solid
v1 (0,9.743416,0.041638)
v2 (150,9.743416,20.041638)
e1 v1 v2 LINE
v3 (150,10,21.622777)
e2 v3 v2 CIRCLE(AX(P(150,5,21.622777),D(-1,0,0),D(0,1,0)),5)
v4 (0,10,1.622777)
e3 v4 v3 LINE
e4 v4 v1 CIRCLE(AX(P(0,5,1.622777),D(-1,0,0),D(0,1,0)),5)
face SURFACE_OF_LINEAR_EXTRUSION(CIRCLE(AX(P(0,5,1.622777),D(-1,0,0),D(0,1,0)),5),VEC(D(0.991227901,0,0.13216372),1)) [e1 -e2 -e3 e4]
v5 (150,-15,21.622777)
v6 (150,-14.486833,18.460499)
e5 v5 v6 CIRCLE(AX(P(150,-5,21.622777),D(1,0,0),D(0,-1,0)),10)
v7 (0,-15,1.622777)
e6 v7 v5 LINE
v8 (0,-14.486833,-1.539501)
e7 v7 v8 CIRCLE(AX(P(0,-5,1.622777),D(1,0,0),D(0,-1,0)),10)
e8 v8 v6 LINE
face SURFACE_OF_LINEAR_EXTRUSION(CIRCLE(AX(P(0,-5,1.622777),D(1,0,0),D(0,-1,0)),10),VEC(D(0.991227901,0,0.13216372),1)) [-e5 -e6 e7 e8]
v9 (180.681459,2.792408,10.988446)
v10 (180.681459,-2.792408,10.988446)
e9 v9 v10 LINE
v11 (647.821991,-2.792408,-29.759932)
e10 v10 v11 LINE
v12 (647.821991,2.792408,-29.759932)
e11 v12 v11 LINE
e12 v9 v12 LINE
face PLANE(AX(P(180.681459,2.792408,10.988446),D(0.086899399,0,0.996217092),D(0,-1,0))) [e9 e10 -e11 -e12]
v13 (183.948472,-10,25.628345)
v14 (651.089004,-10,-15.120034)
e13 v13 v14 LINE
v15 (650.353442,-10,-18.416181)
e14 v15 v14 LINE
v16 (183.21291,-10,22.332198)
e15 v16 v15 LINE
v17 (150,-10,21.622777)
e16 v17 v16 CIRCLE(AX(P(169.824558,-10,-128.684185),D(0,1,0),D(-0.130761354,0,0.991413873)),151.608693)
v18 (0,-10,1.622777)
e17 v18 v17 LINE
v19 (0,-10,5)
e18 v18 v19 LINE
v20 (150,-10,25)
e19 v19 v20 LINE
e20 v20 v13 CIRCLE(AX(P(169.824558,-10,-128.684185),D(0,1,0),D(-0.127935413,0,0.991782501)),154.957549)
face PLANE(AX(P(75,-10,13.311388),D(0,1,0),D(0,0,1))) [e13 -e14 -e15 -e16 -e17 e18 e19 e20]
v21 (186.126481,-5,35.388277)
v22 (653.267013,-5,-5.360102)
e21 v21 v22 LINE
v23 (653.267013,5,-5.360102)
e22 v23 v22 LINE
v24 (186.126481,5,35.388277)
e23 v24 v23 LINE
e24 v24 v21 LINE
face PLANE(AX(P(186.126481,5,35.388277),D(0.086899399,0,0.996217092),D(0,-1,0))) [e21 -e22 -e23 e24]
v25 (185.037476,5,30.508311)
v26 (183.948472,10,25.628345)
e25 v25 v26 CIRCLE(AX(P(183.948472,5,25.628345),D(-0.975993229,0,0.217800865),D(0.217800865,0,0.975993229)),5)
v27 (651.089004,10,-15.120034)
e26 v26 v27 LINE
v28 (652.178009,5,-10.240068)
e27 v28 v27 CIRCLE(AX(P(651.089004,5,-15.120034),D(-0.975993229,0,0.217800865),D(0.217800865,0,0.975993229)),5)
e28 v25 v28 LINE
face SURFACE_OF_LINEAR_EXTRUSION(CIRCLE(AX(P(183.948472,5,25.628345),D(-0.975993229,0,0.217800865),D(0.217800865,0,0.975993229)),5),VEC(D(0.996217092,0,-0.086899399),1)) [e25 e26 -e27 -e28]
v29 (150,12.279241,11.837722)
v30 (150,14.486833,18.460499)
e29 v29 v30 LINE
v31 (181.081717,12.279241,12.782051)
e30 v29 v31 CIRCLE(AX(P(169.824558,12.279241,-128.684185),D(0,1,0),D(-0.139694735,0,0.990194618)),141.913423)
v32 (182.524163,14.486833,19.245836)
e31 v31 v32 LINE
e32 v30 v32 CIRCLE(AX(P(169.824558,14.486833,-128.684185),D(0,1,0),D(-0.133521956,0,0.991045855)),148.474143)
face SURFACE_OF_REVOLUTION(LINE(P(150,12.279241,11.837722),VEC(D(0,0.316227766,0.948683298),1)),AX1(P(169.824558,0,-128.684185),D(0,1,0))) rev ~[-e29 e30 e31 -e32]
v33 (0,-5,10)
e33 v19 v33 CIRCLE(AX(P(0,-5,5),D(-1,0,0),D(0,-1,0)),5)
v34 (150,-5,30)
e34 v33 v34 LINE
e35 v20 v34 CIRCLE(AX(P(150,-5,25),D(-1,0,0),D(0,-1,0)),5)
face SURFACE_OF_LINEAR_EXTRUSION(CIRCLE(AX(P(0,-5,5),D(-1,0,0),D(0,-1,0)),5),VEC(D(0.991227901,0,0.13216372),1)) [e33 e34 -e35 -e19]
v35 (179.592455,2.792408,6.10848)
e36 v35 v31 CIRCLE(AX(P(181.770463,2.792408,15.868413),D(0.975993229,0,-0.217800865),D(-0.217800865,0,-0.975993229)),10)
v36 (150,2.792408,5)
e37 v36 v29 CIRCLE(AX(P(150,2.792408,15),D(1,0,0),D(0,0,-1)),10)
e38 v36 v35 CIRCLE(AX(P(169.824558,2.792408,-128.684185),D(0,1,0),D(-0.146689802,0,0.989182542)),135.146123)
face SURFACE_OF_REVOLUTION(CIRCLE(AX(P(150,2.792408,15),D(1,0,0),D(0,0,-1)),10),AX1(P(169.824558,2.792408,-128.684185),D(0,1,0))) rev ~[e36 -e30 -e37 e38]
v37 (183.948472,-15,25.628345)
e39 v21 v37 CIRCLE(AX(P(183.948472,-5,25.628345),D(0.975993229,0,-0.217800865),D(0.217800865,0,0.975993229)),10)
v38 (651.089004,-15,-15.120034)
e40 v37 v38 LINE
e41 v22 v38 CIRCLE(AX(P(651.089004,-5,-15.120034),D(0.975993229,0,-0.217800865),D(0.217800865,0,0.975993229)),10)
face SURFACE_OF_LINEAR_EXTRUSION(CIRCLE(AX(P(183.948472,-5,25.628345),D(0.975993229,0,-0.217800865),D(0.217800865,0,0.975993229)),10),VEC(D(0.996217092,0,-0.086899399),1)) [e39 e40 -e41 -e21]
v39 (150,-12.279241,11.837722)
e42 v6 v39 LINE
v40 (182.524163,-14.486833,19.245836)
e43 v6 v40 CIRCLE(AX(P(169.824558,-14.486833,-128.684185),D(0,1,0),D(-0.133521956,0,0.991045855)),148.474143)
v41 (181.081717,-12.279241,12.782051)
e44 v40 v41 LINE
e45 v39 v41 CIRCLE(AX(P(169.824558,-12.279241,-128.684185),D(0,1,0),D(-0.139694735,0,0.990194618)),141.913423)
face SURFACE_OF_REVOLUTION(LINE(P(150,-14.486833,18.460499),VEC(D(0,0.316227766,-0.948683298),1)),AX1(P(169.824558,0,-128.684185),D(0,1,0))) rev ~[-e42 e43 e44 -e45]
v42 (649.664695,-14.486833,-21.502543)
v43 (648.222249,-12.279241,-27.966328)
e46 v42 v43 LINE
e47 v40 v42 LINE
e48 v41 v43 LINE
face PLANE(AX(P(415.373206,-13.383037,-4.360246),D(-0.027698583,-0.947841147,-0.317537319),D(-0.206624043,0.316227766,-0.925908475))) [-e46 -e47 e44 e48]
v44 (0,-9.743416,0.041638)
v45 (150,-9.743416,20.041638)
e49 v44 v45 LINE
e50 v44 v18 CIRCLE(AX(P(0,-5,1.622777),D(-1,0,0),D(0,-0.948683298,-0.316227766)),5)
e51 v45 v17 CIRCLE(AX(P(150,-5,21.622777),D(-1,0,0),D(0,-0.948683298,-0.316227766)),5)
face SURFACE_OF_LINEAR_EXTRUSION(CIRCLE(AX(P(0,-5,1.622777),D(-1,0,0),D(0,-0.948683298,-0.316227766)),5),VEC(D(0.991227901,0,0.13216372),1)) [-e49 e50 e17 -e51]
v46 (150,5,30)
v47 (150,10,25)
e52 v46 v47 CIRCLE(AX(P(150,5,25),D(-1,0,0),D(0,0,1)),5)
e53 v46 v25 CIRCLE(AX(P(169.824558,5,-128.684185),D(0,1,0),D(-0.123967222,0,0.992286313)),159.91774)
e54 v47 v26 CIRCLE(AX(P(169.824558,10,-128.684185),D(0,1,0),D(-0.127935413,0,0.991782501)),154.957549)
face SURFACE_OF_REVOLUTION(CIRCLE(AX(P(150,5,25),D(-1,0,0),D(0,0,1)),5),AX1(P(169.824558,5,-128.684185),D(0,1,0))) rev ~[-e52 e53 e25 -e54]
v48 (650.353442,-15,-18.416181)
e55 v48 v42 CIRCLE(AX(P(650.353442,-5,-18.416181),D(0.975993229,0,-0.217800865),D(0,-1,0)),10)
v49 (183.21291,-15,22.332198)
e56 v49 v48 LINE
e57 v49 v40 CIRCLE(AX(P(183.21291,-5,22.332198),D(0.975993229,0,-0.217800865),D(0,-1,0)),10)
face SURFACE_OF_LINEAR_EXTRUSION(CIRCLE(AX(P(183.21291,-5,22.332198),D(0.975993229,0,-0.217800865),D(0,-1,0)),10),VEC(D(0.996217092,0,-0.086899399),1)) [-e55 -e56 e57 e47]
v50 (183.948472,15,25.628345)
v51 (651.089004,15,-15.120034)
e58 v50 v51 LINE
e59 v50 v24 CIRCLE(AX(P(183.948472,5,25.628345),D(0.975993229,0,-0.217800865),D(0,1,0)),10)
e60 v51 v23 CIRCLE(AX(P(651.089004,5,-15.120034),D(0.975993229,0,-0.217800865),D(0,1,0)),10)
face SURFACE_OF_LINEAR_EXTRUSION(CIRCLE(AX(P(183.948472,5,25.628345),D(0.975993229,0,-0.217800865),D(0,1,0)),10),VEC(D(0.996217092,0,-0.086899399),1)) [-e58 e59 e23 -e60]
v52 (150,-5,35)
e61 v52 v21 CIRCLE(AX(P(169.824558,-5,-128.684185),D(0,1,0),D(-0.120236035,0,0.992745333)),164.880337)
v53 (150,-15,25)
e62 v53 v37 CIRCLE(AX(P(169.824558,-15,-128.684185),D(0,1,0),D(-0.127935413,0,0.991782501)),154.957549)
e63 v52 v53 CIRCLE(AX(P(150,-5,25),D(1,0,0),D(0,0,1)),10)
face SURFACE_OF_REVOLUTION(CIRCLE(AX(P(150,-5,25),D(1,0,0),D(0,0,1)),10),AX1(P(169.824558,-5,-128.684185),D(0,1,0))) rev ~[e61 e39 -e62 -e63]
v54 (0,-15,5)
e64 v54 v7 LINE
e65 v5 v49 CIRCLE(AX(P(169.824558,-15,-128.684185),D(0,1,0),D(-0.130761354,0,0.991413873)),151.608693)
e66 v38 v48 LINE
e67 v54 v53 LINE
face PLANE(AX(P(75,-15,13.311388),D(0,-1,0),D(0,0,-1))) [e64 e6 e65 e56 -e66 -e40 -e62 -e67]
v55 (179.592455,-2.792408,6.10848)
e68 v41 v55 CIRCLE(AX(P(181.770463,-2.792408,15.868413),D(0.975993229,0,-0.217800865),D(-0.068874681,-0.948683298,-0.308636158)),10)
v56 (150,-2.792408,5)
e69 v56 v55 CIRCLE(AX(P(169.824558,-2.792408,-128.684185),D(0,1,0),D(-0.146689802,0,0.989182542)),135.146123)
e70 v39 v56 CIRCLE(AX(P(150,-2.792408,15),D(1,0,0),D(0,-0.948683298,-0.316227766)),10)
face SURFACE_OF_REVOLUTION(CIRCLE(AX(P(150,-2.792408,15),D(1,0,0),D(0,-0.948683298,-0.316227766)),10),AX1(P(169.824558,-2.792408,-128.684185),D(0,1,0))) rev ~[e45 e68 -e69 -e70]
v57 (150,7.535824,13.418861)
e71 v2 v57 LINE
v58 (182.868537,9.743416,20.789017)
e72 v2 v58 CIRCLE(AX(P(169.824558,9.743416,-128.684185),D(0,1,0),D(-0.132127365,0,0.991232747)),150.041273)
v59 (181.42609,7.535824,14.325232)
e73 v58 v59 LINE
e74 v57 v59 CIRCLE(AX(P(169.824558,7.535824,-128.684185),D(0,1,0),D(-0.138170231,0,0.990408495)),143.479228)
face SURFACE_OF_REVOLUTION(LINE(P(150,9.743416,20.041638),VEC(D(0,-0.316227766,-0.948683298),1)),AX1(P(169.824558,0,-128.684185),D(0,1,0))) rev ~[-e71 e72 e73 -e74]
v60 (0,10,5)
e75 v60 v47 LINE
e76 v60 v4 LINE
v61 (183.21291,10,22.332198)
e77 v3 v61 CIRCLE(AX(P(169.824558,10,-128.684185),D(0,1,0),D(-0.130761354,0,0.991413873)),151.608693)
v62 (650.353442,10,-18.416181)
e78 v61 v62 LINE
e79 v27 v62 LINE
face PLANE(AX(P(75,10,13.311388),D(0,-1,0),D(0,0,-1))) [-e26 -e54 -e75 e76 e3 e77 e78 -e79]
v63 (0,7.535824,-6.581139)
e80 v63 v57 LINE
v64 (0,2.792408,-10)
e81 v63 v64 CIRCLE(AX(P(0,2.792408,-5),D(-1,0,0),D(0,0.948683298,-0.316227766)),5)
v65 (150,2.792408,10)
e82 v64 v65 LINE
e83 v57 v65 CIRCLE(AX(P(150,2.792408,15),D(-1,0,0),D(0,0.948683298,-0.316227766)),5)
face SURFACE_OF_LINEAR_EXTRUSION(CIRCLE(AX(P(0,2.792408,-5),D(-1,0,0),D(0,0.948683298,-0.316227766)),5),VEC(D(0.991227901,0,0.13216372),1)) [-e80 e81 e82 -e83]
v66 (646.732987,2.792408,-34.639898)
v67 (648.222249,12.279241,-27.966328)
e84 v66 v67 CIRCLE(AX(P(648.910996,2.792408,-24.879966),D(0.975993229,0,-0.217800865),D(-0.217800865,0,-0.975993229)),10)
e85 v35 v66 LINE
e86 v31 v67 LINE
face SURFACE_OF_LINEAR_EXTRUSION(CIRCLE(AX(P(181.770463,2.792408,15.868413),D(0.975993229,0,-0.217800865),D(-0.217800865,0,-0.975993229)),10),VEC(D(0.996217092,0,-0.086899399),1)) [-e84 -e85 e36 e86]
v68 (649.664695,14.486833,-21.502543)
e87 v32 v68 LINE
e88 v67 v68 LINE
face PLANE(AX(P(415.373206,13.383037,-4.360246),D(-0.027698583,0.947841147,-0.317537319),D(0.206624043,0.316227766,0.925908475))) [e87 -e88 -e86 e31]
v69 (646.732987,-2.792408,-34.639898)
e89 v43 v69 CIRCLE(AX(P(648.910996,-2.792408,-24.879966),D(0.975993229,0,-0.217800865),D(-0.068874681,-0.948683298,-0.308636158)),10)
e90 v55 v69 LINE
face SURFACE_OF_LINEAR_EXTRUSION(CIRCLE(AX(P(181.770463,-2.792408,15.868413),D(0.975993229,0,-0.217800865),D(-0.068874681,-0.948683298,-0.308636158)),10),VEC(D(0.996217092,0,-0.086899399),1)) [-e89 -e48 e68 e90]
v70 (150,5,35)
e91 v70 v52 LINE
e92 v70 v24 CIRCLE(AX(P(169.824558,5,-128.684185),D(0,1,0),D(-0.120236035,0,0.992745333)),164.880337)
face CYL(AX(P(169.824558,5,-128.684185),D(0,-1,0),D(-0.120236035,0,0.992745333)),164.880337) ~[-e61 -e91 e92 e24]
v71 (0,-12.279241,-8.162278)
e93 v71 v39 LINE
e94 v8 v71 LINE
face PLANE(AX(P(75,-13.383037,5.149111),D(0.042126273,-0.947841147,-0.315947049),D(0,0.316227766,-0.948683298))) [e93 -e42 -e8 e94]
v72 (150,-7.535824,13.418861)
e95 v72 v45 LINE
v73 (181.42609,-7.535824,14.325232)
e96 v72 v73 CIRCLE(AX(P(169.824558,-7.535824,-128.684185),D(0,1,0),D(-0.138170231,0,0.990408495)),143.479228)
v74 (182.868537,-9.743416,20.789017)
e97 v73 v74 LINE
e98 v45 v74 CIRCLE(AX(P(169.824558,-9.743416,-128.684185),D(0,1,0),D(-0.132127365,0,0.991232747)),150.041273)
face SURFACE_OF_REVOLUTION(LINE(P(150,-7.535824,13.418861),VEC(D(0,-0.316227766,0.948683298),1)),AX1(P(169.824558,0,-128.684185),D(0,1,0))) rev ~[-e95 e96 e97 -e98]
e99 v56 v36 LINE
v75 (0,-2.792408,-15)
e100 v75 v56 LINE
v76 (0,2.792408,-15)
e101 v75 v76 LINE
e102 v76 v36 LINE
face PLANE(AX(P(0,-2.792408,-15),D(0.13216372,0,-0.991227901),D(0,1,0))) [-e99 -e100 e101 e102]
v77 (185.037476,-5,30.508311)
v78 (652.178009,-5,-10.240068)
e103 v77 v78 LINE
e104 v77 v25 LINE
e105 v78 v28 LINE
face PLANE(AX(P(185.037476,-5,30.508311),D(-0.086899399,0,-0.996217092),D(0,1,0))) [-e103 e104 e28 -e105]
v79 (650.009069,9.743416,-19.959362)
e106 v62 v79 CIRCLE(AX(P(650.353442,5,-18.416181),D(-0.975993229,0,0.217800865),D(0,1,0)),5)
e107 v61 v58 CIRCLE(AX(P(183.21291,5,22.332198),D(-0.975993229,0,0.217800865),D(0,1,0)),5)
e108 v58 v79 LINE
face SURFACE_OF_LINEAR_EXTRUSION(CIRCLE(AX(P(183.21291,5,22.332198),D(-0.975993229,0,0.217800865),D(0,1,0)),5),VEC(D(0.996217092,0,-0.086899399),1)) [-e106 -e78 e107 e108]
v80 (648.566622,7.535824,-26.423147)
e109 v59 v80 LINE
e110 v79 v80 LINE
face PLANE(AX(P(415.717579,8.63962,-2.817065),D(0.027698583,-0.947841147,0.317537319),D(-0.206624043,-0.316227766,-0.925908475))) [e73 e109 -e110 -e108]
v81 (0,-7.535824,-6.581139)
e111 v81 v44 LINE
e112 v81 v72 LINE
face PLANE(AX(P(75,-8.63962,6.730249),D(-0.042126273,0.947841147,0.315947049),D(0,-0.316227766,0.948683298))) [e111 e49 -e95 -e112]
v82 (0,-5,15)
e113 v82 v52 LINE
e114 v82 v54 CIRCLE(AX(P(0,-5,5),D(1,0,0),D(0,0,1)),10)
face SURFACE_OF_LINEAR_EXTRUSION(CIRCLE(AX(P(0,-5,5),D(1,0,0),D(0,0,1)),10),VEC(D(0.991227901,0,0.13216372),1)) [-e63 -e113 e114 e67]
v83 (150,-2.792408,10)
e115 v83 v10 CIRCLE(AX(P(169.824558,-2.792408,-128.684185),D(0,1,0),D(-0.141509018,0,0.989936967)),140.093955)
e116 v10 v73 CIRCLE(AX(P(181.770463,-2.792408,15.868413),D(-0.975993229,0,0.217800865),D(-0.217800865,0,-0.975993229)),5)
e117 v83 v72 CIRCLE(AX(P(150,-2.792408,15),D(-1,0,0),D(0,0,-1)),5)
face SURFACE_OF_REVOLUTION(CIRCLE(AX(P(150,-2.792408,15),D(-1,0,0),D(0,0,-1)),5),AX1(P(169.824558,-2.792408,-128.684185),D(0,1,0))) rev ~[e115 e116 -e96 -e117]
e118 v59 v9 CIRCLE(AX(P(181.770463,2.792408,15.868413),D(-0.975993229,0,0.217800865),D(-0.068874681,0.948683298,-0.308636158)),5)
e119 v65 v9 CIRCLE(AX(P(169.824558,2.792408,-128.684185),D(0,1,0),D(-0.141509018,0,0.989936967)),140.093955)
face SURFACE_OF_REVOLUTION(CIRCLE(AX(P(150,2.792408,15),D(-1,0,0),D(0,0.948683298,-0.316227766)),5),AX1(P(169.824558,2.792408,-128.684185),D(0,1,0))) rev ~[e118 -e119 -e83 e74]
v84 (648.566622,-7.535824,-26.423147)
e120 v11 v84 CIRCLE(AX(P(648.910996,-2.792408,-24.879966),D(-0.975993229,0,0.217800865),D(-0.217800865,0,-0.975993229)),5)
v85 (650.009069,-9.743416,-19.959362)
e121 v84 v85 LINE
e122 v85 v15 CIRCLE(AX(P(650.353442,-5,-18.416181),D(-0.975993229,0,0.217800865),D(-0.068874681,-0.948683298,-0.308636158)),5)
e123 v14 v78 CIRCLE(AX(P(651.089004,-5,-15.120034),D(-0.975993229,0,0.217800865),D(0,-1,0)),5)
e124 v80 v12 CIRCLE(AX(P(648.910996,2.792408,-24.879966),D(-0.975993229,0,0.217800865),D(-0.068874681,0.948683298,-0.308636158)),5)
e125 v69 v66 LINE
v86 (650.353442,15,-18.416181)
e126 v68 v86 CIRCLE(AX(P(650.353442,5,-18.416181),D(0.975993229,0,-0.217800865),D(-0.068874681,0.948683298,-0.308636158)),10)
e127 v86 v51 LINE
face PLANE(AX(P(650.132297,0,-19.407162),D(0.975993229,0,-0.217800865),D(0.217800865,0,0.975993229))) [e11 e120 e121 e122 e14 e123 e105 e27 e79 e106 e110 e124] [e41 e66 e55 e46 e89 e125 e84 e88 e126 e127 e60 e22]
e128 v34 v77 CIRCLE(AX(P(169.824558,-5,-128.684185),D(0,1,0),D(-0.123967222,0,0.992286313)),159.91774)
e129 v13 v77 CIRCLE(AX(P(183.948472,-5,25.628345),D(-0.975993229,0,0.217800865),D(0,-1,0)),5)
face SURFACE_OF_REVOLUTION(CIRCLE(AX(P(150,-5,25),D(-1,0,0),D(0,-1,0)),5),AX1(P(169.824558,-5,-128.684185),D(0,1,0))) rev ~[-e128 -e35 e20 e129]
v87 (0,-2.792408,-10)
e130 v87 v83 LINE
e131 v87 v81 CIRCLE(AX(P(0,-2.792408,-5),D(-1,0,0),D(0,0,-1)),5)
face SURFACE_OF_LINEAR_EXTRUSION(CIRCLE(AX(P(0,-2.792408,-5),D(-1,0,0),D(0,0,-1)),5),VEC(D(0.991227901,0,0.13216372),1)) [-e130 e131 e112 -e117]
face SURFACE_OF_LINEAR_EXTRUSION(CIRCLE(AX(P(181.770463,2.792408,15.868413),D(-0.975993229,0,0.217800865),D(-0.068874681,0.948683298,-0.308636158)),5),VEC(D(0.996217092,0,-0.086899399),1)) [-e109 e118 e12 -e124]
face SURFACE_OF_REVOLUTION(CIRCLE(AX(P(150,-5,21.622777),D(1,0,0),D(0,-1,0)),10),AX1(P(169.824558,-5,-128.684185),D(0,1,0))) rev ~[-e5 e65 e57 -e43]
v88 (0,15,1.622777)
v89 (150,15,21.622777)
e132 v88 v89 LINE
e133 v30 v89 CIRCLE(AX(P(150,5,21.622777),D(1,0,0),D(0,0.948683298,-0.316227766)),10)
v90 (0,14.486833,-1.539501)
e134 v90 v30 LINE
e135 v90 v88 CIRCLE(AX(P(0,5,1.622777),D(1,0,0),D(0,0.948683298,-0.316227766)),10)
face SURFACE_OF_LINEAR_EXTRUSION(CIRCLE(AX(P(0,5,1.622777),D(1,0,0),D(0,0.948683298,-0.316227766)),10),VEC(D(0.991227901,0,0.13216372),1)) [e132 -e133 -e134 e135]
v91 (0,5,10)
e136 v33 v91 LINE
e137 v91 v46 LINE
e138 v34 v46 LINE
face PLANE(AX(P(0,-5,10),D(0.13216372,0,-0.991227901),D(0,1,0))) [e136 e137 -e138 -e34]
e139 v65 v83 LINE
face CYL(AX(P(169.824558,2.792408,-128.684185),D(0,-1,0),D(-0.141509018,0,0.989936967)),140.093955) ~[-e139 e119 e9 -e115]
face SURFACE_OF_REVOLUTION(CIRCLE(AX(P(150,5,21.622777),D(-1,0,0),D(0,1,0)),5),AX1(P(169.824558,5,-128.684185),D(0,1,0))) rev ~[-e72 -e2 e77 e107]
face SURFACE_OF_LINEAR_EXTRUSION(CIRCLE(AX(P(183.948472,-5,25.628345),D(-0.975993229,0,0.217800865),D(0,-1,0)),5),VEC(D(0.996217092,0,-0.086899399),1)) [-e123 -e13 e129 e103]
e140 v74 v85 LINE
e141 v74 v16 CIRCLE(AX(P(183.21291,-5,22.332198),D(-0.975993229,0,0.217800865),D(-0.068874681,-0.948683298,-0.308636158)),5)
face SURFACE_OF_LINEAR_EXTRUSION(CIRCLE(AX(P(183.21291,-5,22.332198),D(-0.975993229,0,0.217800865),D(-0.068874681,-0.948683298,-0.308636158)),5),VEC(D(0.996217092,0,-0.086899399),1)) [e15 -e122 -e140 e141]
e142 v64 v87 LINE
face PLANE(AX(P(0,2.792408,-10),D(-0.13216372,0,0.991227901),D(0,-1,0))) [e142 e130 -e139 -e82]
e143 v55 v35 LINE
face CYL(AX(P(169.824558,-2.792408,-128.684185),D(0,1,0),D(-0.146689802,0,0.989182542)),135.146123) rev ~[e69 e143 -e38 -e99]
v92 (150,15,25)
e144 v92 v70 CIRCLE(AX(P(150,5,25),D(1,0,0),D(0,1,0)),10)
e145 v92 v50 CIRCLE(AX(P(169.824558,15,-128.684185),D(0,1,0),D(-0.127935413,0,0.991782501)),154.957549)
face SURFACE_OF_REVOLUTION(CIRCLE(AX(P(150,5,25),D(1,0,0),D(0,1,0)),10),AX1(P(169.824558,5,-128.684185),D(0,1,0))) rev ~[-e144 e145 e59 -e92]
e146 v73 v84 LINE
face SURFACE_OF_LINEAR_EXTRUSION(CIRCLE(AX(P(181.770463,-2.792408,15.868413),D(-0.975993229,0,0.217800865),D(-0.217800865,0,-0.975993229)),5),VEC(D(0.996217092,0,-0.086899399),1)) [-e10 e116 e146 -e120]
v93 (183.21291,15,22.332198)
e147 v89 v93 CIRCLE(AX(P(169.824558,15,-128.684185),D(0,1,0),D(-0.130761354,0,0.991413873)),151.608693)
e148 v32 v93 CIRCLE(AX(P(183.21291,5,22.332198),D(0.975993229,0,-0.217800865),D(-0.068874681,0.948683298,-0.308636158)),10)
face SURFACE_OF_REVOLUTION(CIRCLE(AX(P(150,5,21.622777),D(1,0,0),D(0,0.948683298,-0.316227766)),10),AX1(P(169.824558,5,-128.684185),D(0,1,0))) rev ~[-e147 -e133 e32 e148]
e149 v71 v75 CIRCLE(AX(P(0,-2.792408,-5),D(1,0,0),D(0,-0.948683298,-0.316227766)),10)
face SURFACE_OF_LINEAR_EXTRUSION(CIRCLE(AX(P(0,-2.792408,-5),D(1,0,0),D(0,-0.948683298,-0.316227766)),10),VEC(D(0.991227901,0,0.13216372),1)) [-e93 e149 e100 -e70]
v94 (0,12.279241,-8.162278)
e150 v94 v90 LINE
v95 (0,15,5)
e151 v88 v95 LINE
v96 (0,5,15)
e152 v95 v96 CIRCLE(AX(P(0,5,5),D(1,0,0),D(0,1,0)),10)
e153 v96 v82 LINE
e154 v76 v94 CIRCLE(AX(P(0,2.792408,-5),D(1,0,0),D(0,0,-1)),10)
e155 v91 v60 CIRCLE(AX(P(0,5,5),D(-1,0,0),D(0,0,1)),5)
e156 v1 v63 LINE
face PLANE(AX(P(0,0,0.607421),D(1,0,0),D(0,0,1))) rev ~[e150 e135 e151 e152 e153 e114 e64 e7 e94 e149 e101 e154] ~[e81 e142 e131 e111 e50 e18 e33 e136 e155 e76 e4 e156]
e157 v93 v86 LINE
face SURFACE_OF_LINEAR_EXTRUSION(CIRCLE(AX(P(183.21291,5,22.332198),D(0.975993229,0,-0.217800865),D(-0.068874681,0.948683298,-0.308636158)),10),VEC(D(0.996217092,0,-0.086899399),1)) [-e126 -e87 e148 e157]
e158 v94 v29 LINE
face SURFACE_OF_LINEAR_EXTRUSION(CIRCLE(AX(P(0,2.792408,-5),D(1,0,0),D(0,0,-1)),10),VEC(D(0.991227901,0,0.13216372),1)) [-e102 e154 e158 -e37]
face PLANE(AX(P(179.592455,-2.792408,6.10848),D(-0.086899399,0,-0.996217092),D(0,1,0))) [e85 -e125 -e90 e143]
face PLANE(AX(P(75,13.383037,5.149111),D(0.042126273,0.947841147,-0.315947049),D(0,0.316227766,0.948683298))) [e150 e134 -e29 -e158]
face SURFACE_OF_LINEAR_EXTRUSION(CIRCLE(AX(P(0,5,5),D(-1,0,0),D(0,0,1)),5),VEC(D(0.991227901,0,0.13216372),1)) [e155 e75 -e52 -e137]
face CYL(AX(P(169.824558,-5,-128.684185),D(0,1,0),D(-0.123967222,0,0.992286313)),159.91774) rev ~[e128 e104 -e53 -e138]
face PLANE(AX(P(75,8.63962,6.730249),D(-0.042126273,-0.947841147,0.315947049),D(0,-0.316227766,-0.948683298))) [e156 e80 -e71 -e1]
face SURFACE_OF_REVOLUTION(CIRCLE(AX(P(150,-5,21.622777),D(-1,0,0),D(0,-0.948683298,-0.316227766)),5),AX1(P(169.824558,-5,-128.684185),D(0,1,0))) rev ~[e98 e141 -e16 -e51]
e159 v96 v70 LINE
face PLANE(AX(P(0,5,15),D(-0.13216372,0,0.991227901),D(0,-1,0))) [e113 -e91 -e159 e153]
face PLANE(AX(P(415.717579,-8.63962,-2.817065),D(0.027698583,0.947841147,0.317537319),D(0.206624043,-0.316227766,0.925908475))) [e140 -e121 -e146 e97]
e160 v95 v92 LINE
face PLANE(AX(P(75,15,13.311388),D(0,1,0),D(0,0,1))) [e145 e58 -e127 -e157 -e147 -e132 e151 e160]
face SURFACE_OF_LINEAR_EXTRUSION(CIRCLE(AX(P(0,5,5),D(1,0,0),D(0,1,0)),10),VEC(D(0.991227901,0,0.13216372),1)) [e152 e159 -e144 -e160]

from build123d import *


with BuildPart() as f2:
    # F2: sweep along a path in F0
    with BuildLine(Plane.XZ) as f2_path:
        Line((0, 0), (150, 20))
        ThreePointArc((150, 20), (166.4091739376, 21.2769270288), (182.8594678141, 20.7483787065))
        Line((182.8594678141, 20.7483787065), (650, -20))
    # F1 (on Right) → F2 (sweep)
    with BuildSketch(Plane.YZ):
        with BuildLine():
            ThreePointArc((15, 5), (12.0710678119, 12.0710678119), (5, 15))
            Line((5, 15), (-5, 15))
            ThreePointArc((-5, 15), (-12.0710678119, 12.0710678119), (-15, 5))
            Line((-15, 5), (-15, 1.6227766017))
            ThreePointArc((-15, 1.6227766017), (-14.8708745764, 0.0209541716), (-14.4868329805, -1.5395010585))
            Line((-14.4868329805, -1.5395010585), (-12.2792407799, -8.1622776602))
            ThreePointArc((-12.2792407799, -8.1622776602), (-8.6395106461, -13.1124218518), (-2.7924077994, -15))
            Line((-2.7924077994, -15), (2.7924077994, -15))
            ThreePointArc((2.7924077994, -15), (8.6395106461, -13.1124218518), (12.2792407799, -8.1622776602))
            Line((12.2792407799, -8.1622776602), (14.4868329805, -1.5395010585))
            ThreePointArc((14.4868329805, -1.5395010585), (14.8708745764, 0.0209541716), (15, 1.6227766017))
            Line((15, 1.6227766017), (15, 5))
        make_face()
        with BuildLine():
            ThreePointArc((5, 10), (8.5355339059, 8.5355339059), (10, 5))
            Line((10, 5), (10, 1.6227766017))
            ThreePointArc((10, 1.6227766017), (9.9354372882, 0.8218653866), (9.7434164903, 0.0416377716))
            Line((9.7434164903, 0.0416377716), (7.5358242897, -6.5811388301))
            ThreePointArc((7.5358242897, -6.5811388301), (5.7159592228, -9.0562109259), (2.7924077994, -10))
            Line((2.7924077994, -10), (-2.7924077994, -10))
            ThreePointArc((-2.7924077994, -10), (-5.7159592228, -9.0562109259), (-7.5358242897, -6.5811388301))
            Line((-7.5358242897, -6.5811388301), (-9.7434164903, 0.0416377716))
            ThreePointArc((-9.7434164903, 0.0416377716), (-9.9354372882, 0.8218653866), (-10, 1.6227766017))
            Line((-10, 1.6227766017), (-10, 5))
            ThreePointArc((-10, 5), (-8.5355339059, 8.5355339059), (-5, 10))
            Line((-5, 10), (5, 10))
        make_face(mode=Mode.SUBTRACT)
    sweep(path=f2_path.line)


solid = f2.part
